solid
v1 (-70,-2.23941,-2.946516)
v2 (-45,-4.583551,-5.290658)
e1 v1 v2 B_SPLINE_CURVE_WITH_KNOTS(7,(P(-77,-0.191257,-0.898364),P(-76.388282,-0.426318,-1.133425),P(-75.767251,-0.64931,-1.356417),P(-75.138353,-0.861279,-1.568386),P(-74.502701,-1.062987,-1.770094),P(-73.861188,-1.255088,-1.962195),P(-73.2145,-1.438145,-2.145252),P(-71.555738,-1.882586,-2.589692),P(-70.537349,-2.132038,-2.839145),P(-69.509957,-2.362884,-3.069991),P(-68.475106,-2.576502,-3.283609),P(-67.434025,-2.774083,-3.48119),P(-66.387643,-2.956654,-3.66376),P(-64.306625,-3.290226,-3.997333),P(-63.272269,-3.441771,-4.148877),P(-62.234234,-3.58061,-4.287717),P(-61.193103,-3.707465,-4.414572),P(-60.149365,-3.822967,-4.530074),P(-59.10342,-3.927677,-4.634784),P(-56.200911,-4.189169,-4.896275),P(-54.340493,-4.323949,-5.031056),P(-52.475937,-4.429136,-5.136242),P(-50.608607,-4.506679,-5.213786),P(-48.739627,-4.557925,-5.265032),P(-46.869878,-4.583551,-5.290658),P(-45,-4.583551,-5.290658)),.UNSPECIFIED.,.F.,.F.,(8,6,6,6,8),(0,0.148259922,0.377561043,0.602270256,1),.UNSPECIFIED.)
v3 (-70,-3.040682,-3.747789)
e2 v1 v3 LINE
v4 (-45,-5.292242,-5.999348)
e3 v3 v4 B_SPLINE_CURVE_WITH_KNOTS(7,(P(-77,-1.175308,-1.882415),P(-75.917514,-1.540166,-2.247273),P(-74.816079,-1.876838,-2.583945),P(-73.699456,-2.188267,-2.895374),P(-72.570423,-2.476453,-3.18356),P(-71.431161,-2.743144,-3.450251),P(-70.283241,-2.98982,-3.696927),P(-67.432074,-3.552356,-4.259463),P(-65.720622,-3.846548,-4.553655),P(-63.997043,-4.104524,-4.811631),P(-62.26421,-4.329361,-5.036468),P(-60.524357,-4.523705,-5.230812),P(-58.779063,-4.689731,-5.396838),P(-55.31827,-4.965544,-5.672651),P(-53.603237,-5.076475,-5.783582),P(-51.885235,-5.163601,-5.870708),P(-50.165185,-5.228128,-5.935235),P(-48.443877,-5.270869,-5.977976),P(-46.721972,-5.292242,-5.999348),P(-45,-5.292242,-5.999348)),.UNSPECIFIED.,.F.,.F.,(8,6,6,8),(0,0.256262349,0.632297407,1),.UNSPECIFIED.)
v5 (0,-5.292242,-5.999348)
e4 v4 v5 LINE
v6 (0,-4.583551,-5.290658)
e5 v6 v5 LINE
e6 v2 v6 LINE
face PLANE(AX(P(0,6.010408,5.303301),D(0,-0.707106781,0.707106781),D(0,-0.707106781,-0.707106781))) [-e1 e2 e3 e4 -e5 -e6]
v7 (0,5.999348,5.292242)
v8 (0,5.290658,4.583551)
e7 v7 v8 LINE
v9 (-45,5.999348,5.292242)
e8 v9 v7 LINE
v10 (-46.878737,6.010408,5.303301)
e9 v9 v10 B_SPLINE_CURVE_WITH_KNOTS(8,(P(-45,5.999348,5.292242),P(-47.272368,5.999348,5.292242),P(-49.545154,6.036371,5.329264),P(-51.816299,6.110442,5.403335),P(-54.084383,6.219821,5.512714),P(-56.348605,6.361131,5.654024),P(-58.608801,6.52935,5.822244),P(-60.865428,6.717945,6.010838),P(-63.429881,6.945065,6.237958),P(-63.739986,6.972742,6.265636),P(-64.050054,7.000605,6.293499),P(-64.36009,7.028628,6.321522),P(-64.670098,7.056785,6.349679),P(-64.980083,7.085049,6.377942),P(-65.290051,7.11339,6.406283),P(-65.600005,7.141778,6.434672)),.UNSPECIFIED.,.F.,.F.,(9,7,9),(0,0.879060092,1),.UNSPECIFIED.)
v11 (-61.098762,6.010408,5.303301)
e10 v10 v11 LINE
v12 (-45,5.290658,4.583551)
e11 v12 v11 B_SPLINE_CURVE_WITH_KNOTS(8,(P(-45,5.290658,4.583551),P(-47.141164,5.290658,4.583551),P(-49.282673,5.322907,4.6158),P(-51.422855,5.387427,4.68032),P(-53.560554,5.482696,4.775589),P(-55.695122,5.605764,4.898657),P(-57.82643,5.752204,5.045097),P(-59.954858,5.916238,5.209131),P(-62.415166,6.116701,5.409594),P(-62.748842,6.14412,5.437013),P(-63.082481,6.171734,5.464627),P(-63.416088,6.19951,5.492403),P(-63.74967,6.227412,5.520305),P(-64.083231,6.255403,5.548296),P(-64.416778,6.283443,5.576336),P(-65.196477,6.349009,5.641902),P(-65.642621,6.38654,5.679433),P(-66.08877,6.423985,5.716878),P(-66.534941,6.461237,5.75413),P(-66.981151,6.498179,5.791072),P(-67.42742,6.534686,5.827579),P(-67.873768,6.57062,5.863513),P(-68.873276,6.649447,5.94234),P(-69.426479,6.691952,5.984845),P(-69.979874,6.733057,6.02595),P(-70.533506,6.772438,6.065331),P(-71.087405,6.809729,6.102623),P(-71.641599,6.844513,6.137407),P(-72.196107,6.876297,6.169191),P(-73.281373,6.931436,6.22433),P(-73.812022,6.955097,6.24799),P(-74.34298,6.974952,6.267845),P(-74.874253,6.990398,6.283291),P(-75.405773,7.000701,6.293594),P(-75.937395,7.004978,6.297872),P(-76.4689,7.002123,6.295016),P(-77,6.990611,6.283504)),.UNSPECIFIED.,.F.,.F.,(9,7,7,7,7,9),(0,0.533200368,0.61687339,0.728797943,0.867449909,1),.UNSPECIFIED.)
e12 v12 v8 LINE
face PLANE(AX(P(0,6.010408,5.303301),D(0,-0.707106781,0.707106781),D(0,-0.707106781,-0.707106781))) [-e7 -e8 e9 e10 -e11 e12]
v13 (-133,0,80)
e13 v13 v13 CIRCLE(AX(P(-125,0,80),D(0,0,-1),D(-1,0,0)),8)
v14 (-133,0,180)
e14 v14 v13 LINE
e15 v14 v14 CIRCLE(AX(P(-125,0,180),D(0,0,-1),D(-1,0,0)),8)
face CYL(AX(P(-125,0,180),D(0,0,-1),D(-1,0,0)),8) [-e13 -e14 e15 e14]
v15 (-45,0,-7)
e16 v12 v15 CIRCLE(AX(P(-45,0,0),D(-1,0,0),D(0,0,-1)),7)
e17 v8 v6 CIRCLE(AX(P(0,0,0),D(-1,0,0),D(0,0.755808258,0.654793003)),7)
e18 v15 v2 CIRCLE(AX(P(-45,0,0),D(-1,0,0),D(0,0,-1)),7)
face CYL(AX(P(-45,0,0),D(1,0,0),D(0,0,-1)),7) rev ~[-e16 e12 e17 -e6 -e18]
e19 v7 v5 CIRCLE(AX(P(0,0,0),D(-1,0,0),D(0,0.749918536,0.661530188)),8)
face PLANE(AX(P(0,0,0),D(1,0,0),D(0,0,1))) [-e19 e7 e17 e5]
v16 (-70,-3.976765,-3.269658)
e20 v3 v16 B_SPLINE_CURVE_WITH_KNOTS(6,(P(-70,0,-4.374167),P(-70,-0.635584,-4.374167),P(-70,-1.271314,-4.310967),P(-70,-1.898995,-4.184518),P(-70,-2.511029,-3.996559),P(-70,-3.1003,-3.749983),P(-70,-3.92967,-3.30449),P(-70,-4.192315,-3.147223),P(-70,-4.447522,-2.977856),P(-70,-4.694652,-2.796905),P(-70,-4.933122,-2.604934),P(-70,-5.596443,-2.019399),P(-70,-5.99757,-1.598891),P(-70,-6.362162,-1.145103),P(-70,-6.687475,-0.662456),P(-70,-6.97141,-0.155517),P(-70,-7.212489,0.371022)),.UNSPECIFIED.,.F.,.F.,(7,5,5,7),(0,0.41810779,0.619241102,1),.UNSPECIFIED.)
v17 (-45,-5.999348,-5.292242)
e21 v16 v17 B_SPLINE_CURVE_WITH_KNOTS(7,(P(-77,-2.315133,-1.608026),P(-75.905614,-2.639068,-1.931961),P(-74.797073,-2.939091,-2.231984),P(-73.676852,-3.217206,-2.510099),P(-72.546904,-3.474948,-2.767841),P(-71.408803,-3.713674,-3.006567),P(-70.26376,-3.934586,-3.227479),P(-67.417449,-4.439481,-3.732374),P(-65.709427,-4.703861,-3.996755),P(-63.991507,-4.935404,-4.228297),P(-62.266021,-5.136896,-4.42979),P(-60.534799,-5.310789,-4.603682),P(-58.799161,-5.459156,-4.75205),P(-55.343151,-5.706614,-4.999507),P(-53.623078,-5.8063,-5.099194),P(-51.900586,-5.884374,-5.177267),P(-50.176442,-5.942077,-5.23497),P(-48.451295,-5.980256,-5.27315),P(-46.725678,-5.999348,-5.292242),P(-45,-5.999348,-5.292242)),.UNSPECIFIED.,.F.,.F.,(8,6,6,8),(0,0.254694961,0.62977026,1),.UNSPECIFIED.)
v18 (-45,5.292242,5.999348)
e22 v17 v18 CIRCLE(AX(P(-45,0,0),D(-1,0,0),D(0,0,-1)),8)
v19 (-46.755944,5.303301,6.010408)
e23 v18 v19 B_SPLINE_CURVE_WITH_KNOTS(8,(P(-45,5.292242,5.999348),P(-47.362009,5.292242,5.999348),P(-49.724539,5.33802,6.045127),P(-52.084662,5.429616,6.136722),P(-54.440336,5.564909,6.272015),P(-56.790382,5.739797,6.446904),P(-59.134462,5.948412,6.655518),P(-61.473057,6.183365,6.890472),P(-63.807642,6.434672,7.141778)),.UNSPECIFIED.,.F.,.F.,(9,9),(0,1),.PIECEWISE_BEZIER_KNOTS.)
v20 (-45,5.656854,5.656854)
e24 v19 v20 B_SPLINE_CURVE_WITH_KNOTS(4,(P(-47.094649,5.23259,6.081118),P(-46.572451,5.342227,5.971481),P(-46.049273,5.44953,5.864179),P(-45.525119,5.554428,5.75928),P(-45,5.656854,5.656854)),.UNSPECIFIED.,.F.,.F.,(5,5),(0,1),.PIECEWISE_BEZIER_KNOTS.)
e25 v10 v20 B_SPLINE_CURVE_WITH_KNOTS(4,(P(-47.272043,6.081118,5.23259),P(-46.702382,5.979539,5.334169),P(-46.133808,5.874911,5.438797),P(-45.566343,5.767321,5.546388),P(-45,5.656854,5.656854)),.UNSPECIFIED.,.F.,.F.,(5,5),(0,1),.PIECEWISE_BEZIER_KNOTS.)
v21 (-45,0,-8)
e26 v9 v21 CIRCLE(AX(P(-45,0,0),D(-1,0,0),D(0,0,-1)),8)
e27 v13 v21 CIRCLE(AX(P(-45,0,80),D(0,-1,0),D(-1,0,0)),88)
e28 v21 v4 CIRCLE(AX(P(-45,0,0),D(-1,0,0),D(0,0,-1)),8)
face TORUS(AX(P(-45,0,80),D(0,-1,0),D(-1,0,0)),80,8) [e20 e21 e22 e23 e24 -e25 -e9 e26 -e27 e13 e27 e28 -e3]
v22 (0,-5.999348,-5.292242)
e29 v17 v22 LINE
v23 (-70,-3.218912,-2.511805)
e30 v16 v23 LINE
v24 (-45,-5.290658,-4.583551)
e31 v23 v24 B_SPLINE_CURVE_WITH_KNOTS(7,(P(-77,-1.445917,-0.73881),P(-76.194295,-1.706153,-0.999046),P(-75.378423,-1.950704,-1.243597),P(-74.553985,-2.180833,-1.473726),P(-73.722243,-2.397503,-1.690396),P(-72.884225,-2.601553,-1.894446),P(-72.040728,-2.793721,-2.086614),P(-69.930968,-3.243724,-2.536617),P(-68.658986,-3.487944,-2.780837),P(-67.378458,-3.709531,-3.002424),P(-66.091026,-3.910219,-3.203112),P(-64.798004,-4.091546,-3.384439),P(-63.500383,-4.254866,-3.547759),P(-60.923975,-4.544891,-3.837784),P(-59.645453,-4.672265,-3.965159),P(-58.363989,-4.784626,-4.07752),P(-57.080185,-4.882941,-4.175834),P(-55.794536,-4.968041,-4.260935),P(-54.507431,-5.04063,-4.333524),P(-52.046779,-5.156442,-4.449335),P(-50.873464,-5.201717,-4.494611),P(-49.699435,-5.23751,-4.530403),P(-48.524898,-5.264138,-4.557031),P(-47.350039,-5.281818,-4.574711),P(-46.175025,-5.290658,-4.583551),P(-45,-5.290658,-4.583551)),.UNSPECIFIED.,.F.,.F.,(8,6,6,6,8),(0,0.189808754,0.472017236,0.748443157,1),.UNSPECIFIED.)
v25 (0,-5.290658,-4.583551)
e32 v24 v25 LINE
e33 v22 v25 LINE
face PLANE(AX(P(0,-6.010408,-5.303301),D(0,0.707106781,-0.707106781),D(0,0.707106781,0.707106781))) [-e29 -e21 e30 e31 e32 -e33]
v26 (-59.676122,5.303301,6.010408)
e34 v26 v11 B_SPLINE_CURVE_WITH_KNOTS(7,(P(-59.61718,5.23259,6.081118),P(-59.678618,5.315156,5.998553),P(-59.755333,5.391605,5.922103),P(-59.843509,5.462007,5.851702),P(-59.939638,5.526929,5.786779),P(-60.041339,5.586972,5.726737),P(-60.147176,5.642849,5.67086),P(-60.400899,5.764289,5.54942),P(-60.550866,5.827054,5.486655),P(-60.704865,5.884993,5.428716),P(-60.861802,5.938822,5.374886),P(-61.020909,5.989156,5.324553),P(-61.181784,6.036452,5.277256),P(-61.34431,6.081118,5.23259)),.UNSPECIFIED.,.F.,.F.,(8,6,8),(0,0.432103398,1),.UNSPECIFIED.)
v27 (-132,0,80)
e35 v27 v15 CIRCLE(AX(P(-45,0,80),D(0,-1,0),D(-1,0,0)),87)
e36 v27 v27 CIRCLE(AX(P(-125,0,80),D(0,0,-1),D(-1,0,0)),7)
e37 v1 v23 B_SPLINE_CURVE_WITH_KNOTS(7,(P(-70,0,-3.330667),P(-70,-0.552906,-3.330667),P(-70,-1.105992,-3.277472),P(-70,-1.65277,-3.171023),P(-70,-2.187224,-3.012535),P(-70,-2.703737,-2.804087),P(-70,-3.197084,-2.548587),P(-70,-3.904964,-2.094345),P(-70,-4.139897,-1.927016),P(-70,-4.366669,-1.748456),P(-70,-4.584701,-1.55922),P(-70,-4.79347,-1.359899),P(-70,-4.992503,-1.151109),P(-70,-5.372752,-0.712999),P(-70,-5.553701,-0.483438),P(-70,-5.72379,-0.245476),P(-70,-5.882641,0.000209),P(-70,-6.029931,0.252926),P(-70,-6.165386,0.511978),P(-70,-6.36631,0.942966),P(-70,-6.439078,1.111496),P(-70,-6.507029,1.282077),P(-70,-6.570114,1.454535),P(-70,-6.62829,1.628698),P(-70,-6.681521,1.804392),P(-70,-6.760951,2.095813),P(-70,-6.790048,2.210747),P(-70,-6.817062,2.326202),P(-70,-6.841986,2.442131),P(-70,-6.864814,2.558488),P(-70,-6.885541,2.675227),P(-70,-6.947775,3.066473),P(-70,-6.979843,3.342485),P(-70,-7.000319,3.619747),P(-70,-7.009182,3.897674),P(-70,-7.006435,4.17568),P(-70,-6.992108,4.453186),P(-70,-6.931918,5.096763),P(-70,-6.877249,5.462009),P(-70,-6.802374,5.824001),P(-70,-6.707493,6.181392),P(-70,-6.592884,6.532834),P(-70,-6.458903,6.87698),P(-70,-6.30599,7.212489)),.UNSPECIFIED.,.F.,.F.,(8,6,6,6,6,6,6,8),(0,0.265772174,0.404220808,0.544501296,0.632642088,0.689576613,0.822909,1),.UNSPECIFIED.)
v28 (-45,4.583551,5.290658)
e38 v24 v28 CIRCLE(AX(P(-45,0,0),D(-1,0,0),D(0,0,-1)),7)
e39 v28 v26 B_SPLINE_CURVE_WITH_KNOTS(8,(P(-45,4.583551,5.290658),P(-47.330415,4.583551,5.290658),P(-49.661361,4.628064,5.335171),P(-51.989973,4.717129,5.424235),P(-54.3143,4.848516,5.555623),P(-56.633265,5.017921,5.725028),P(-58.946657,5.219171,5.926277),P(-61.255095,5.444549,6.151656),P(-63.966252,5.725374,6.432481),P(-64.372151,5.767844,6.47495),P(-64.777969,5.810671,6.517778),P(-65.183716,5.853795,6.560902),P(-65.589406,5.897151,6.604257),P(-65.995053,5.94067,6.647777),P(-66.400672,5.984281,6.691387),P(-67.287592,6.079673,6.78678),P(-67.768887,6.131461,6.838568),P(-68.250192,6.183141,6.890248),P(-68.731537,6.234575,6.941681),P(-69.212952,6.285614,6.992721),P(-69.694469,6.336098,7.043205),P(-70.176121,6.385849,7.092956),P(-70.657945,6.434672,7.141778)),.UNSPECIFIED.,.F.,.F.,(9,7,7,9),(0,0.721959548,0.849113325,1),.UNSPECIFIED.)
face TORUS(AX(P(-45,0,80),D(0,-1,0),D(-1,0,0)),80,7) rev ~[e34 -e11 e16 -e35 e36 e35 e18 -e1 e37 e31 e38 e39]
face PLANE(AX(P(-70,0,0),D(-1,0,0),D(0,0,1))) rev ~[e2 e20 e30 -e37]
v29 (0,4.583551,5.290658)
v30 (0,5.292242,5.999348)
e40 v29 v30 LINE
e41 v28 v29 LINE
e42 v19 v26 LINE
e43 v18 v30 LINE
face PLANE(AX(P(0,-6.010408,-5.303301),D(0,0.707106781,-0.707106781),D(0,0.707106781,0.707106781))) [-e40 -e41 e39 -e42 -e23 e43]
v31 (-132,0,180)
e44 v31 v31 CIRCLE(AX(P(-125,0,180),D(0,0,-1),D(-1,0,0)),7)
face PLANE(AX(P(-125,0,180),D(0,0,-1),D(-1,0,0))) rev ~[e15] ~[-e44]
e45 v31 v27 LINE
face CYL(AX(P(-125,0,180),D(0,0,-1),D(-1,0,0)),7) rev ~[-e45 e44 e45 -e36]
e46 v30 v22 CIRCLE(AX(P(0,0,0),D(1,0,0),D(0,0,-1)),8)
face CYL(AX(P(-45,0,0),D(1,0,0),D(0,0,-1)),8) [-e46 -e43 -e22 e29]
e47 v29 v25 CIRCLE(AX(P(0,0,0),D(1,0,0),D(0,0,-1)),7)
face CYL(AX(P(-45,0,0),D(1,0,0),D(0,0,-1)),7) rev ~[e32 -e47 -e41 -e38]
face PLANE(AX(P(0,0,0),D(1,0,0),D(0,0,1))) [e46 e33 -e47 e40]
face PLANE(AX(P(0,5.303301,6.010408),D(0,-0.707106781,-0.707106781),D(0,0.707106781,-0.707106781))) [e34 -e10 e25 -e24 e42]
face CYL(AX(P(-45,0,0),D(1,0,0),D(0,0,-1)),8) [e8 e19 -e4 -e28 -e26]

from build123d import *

# Parameters (mm, degrees)
SKETCH_2_R          = 8
SKETCH_2_R_2        = 7
CUT_EXTRUDE_1_DEPTH = 70


with BuildPart() as part:
    # По траектории1: sweep along a path in Эскиз1
    with BuildLine(Plane(origin=(0, 0, 0), x_dir=(1, 0, 0), z_dir=(0, 1, 0))) as sweep_1_path:
        Line((-125, -180), (-125, -80))
        ThreePointArc((-125, -80), (-101.568542495, -23.431457505), (-45, 0))
        Line((-45, 0), (0, 0))
    # Эскиз2 → По траектории1 (sweep)
    with BuildSketch(Plane(origin=(0, 0, 0), x_dir=(0, 0, -1), z_dir=(1, 0, 0))):
        Circle(SKETCH_2_R)
        Circle(SKETCH_2_R_2, mode=Mode.SUBTRACT)
    sweep(path=sweep_1_path.line)

    # Эскиз3 → Вырез-Вытянуть1 (cut)
    with BuildSketch(Plane(origin=(0, 0, 0), x_dir=(0, 0, -1), z_dir=(1, 0, 0))):
        Polygon((5.303300859, -6.01040764), (-6.01040764, 5.303300859), (-5.303300859, 6.01040764), (6.01040764, -5.303300859), align=None)
    extrude(amount=-CUT_EXTRUDE_1_DEPTH, mode=Mode.SUBTRACT)


solid = part.part
